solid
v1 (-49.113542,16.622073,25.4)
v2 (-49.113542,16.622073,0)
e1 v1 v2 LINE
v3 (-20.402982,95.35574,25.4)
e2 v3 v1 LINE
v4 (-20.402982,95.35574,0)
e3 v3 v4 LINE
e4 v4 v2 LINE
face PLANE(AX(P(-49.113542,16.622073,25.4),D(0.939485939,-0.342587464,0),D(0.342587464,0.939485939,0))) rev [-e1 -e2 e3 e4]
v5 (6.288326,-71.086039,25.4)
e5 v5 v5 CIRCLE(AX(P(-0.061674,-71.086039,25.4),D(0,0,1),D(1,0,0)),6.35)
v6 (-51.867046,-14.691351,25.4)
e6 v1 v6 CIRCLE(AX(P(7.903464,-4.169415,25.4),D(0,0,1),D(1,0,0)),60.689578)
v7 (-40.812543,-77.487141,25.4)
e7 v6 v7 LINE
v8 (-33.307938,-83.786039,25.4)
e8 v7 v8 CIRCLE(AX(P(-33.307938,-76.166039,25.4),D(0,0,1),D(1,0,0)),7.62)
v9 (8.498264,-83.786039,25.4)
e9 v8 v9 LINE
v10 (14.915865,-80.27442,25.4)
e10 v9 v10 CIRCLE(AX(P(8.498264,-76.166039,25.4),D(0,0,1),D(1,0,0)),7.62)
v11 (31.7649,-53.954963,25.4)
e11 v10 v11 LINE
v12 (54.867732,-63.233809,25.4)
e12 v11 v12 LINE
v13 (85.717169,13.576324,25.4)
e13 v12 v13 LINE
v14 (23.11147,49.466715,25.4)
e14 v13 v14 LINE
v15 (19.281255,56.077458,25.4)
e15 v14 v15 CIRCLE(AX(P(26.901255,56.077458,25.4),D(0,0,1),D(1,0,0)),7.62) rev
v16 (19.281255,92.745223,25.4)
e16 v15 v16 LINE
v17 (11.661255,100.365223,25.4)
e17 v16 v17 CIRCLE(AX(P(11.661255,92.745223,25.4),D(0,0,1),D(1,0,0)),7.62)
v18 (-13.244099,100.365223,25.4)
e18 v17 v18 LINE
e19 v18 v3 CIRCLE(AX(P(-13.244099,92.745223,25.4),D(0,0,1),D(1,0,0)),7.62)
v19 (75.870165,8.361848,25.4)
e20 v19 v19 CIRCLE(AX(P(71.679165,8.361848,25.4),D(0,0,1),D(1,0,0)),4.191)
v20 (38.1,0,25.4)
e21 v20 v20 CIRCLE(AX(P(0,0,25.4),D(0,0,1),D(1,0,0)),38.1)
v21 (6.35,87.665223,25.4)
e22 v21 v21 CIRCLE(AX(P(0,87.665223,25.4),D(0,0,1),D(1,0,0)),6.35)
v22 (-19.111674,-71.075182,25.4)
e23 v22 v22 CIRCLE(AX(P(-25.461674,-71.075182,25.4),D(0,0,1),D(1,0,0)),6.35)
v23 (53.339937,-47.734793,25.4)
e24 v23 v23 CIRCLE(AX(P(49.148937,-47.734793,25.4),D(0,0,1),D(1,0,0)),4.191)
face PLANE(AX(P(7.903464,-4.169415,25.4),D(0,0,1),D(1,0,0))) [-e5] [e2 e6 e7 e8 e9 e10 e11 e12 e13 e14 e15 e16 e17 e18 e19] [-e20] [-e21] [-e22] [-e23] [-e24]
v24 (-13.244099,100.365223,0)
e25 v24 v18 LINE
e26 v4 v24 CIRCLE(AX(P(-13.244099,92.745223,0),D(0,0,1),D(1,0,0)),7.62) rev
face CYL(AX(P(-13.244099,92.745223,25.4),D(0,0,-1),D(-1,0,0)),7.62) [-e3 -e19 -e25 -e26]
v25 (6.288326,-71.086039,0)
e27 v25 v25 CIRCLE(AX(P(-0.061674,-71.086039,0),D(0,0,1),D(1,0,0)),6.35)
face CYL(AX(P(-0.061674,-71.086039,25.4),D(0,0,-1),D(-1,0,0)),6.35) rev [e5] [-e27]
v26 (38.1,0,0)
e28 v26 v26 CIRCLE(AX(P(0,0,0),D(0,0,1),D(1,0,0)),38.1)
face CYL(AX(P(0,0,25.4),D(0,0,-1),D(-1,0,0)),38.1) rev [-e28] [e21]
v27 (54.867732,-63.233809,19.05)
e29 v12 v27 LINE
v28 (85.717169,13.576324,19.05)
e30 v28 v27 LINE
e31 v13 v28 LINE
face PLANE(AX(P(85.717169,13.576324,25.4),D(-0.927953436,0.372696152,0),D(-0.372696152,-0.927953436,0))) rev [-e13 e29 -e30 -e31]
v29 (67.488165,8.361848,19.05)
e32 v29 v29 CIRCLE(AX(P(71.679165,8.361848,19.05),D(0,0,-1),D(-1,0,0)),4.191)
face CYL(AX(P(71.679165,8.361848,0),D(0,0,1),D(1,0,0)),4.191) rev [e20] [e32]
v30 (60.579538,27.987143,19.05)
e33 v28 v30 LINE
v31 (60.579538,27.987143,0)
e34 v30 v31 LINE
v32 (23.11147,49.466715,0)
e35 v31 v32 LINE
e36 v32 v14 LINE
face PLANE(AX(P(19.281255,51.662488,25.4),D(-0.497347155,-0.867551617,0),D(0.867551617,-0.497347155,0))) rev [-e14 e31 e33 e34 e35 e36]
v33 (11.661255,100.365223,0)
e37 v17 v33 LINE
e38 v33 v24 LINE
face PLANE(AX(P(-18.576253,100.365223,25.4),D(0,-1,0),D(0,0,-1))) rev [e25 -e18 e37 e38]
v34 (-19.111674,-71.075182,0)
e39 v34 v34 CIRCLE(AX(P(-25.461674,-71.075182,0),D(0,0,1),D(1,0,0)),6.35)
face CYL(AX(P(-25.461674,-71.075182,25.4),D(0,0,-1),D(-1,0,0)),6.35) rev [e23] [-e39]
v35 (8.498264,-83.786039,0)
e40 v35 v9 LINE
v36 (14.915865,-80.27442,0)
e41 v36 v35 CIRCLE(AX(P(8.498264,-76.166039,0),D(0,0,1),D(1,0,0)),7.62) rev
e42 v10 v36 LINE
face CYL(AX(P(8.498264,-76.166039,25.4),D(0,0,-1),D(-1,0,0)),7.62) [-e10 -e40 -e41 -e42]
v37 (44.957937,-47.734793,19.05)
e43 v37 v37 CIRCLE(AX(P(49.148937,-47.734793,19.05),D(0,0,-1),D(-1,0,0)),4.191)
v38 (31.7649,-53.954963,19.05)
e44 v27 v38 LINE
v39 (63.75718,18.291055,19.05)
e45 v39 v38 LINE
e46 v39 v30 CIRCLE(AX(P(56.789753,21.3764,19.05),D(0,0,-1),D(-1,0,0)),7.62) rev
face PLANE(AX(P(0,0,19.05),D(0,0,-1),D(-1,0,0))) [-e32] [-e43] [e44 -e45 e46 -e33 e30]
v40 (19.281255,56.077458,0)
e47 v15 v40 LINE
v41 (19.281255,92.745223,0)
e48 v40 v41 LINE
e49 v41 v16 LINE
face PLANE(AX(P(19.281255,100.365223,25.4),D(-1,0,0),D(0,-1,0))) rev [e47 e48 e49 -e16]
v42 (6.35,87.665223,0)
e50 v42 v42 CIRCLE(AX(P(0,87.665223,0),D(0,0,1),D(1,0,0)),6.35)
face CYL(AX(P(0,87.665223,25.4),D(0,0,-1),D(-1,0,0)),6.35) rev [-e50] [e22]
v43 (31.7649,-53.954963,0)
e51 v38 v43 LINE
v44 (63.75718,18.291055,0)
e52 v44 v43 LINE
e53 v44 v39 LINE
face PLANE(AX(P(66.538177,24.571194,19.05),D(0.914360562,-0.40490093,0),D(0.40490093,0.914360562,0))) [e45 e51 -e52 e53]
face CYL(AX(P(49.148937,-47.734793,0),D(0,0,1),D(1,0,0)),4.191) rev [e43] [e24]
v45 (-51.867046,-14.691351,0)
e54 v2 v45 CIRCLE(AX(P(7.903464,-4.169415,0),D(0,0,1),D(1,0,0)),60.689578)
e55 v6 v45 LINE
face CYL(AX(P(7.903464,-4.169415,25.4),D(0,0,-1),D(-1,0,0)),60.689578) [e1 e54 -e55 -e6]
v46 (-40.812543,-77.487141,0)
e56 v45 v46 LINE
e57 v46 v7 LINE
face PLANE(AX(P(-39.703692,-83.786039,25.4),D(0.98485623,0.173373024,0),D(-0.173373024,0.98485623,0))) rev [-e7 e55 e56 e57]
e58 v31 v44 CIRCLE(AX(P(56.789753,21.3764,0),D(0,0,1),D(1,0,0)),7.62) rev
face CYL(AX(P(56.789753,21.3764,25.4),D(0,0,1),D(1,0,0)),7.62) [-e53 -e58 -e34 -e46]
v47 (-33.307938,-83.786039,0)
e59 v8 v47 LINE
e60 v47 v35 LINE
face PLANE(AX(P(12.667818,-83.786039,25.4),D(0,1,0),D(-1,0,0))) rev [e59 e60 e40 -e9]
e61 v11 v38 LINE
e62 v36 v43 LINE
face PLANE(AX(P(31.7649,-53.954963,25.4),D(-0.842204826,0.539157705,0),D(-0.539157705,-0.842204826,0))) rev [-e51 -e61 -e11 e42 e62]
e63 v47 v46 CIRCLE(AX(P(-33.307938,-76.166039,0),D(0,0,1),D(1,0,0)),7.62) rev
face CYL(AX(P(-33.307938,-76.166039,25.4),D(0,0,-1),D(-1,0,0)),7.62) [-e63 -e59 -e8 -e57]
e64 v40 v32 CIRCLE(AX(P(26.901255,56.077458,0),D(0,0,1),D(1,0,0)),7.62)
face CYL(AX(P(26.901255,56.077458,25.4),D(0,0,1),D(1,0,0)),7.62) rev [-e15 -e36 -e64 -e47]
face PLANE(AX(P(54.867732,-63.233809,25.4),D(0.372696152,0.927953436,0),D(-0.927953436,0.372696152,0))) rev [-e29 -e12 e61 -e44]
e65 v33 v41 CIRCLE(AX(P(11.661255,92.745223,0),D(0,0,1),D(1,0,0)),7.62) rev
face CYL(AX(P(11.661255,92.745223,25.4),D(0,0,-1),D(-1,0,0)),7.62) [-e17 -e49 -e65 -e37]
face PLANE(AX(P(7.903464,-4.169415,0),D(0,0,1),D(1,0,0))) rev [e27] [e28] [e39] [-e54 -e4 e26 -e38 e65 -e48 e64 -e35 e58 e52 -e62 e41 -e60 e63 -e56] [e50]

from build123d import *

# Parameters (mm, degrees)
SKETCH1_R           = 38.1
SKETCH1_R_2         = 6.35
BOSS_EXTRUDE1_DEPTH = 25.4
CUT_EXTRUDE1_DEPTH  = 19.05
SKETCH3_R           = 4.191
CUT_EXTRUDE2_DEPTH  = 135.408969451
FILLET1_R           = 7.62


with BuildPart() as part:
    # Sketch1 → Boss-Extrude1 (new body)
    with BuildSketch(Plane.XY):
        with BuildLine():
            Line((-18.576252895, 100.365223368), (19.281255226, 100.365223368))
            Line((19.281255226, 100.365223368), (19.281255226, 51.662487547))
            Line((19.281255226, 51.662487547), (85.717168685, 13.57632424))
            Line((85.717168685, 13.57632424), (54.8677317, -63.233808937))
            Line((54.8677317, -63.233808937), (31.764899533, -53.954963352))
            Line((31.764899533, -53.954963352), (12.667818141, -83.786038719))
            Line((12.667818141, -83.786038719), (-39.703691579, -83.786038719))
            Line((-39.703691579, -83.786038719), (-51.867045524, -14.691351221))
            ThreePointArc((-51.867045524, -14.691351221), (-52.552830667, 1.14672743), (-49.113541671, 16.622073237))
            Line((-49.113541671, 16.622073237), (-18.576252895, 100.365223368))
        make_face()
        Circle(SKETCH1_R, mode=Mode.SUBTRACT)
        with Locations((0, 87.665223368)):
            Circle(SKETCH1_R_2, mode=Mode.SUBTRACT)
        with Locations((-0.06167368, -71.086038719)):
            Circle(SKETCH1_R_2, mode=Mode.SUBTRACT)
        with Locations((-25.46167368, -71.075181752)):
            Circle(SKETCH1_R_2, mode=Mode.SUBTRACT)
    extrude(amount=BOSS_EXTRUDE1_DEPTH)

    # Sketch2 → Cut-Extrude1 (cut)
    with BuildSketch(Plane.XY):
        Polygon((54.8677317, -63.233808937), (31.764899533, -53.954963352), (66.538177491, 24.571193621), (85.717168685, 13.57632424), align=None)
    extrude(amount=CUT_EXTRUDE1_DEPTH, mode=Mode.SUBTRACT)

    # Sketch3 → Cut-Extrude2 (cut, through all)
    with BuildSketch(Plane.XY.offset(25.4)):
        with Locations((71.679164996, 8.361848351)):
            Circle(SKETCH3_R)
        with Locations((49.148937242, -47.734792738)):
            Circle(SKETCH3_R)
    extrude(amount=-CUT_EXTRUDE2_DEPTH, mode=Mode.SUBTRACT)

    # Fillet1
    fillet1_edges = [part.edges().sort_by_distance(p)[0] for p in [
        (12.667818141, -83.786038719, 12.7),
        (-39.703691579, -83.786038719, 12.7),
        (-18.576252895, 100.365223368, 12.7),
        (19.281255226, 100.365223368, 12.7),
        (19.281255226, 51.662487547, 12.7),
        (66.538177491, 24.571193621, 9.525),
    ]]
    fillet(fillet1_edges, radius=FILLET1_R)


solid = part.part
